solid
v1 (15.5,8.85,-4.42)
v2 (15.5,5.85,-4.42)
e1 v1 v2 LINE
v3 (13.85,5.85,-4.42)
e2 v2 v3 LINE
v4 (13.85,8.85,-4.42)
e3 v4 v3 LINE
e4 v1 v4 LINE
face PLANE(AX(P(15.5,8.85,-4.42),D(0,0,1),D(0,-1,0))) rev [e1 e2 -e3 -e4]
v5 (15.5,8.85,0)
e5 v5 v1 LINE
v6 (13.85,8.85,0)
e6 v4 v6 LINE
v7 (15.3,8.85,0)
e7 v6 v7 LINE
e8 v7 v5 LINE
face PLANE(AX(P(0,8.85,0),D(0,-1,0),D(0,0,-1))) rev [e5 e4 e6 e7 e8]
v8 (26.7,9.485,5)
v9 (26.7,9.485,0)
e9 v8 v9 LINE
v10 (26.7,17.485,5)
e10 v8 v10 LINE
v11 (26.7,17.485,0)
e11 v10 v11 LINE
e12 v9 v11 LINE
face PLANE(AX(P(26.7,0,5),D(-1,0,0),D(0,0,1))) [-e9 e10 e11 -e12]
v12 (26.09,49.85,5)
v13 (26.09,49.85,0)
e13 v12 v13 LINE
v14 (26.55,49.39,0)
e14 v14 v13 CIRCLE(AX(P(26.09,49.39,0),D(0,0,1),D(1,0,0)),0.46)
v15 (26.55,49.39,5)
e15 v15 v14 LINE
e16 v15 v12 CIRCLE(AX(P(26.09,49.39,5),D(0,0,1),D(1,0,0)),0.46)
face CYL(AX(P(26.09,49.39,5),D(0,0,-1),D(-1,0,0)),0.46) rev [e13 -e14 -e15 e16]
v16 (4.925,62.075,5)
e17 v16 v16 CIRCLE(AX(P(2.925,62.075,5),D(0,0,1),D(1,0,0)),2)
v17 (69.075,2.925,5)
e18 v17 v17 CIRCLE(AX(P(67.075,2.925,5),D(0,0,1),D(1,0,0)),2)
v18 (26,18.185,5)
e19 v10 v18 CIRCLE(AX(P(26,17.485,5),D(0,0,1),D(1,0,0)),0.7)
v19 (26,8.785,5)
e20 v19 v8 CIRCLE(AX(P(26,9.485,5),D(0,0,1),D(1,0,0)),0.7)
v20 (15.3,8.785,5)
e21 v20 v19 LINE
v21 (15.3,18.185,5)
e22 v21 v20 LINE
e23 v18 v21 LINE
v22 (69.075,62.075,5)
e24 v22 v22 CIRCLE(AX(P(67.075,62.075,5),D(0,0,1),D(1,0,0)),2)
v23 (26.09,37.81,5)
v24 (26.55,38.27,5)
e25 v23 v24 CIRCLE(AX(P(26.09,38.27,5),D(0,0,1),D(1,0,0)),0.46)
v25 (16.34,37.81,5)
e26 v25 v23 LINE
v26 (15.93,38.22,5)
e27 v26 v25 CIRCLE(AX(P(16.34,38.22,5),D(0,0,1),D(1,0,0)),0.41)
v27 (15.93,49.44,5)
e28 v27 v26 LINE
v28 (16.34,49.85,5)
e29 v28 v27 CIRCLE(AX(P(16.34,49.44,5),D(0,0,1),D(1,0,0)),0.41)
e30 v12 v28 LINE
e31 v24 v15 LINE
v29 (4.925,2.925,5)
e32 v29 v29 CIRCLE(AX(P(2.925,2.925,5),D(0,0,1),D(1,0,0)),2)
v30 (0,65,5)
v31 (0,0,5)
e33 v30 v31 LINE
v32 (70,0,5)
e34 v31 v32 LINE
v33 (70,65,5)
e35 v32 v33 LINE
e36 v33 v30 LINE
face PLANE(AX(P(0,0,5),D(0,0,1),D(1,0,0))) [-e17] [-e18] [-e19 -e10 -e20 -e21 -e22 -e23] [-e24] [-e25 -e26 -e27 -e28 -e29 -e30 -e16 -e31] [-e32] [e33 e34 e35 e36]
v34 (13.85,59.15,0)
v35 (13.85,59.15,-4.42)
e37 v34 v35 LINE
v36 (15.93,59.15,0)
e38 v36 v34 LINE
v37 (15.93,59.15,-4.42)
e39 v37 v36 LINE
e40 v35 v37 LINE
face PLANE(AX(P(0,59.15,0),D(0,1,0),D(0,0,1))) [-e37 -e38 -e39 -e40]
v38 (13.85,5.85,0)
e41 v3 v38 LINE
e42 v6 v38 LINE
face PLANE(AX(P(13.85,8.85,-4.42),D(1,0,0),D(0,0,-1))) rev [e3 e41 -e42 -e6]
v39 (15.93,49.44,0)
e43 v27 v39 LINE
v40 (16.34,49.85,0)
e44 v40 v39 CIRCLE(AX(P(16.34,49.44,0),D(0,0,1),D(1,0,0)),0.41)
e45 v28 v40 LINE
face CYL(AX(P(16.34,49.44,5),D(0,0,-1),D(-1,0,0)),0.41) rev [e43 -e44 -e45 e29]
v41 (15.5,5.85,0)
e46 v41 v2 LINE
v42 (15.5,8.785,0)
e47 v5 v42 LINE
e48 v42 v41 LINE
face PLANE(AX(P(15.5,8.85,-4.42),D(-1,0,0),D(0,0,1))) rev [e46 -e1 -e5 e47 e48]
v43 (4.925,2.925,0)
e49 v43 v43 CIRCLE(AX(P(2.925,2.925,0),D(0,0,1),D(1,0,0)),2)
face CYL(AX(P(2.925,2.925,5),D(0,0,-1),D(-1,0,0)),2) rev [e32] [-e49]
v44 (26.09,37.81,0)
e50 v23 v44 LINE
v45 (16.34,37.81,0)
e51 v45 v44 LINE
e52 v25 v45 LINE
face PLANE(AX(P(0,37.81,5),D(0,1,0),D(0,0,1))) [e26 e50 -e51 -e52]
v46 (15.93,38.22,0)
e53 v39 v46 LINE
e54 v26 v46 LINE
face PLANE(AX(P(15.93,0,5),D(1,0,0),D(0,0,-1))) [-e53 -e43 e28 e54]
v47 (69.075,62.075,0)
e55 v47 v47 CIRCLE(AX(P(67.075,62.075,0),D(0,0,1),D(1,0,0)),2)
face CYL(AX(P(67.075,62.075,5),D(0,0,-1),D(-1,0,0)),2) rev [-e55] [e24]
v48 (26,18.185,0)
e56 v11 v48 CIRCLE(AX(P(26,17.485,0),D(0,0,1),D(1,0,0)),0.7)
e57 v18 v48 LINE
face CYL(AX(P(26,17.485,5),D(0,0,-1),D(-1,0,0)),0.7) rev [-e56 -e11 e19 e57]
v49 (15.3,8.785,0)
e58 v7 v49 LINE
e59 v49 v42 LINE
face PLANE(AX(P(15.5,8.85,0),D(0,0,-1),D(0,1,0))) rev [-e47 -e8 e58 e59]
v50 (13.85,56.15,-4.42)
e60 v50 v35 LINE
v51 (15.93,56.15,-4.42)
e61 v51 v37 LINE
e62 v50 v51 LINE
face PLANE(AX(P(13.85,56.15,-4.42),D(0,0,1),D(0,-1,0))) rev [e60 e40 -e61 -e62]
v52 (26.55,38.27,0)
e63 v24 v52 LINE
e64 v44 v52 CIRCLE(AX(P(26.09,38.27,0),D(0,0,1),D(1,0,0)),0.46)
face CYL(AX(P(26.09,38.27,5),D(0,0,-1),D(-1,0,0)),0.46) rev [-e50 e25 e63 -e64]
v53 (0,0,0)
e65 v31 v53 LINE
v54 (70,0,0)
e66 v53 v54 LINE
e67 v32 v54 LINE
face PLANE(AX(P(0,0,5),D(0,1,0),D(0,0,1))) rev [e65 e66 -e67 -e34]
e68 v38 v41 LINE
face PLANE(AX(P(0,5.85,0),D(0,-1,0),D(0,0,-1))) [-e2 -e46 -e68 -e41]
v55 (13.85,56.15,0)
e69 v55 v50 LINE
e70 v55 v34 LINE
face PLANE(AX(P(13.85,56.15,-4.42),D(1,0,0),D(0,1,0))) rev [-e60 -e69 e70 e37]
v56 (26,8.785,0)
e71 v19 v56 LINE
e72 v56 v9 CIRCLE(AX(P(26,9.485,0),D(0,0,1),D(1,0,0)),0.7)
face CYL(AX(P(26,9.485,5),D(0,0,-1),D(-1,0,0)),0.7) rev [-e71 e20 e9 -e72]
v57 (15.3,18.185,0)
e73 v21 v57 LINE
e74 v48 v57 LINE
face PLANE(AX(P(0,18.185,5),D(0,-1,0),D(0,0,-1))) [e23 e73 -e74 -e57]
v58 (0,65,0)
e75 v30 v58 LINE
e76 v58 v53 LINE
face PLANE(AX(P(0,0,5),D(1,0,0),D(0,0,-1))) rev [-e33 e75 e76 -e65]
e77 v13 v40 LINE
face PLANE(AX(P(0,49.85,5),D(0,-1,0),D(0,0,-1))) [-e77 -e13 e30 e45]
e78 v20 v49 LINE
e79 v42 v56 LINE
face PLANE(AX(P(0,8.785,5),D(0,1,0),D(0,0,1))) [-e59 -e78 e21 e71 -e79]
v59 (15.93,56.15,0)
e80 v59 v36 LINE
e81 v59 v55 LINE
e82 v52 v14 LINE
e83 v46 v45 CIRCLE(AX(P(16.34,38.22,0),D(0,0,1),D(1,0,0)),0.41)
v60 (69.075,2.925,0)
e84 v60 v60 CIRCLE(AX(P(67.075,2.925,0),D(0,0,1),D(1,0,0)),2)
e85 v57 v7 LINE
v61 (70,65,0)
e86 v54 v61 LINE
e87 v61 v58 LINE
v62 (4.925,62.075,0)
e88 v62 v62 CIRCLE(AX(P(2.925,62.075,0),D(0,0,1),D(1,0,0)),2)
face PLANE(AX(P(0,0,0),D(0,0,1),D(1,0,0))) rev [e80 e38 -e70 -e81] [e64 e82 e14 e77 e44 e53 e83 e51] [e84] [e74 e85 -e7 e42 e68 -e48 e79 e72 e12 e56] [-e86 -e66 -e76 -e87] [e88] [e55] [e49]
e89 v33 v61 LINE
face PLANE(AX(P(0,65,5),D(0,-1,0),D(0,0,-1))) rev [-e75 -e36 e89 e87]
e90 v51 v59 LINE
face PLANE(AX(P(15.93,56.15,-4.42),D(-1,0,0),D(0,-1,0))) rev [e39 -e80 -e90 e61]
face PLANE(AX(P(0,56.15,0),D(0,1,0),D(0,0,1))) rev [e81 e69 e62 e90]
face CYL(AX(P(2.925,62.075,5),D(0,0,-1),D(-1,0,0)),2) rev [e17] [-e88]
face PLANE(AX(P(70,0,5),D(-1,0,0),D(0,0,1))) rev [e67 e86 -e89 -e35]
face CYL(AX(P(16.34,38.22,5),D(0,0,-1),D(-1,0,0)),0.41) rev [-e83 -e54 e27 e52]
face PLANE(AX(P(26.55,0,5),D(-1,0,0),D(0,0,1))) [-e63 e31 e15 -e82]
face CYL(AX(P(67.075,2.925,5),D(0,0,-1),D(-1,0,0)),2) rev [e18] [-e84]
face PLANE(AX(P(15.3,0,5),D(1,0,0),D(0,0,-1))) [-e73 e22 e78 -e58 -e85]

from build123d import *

# Parameters (mm, degrees)
SKIZZE1_R                       = 2
AUFSATZ_LINEAR_AUSTRAGEN1_DEPTH = 5
SKIZZE2_W                       = 1.65
SKIZZE2_H                       = 4.42
AUFSATZ_LINEAR_AUSTRAGEN2_DEPTH = 3
SKIZZE3_W                       = 2.08
SKIZZE3_H                       = 4.42
AUFSATZ_LINEAR_AUSTRAGEN3_DEPTH = 3


with BuildPart() as part:
    # Skizze1 → Aufsatz-Linear austragen1 (new body)
    # profile 1 of 2: a face of its own
    with BuildSketch(Plane.XY):
        Polygon((70, 5.85), (70, 59.15), (13.85, 59.15), (13.85, 58.15), (10.85, 58.15), (10.85, 59.15), (5.85, 59.15), (5.85, 5.85), (10.85, 5.85), (10.85, 6.85), (13.85, 6.85), (13.85, 5.85), align=None)
        with BuildLine():
            Line((26.7, 17.485), (26.7, 9.485))
            ThreePointArc((26.7, 9.485), (26.494974747, 8.990025253), (26, 8.785))
            Line((26, 8.785), (15.3, 8.785))
            Line((15.3, 8.785), (15.3, 18.185))
            Line((15.3, 18.185), (26, 18.185))
            ThreePointArc((26, 18.185), (26.494974747, 17.979974747), (26.7, 17.485))
        make_face(mode=Mode.SUBTRACT)
        with BuildLine():
            Line((16.34, 49.85), (25.99, 49.85))
            Line((25.99, 49.85), (26.09, 49.85))
            ThreePointArc((26.09, 49.85), (26.415269119, 49.715269119), (26.55, 49.39))
            Line((26.55, 49.39), (26.55, 38.27))
            ThreePointArc((26.55, 38.27), (26.415269119, 37.944730881), (26.09, 37.81))
            Line((26.09, 37.81), (25.99, 37.81))
            Line((25.99, 37.81), (16.34, 37.81))
            ThreePointArc((16.34, 37.81), (16.05008622, 37.93008622), (15.93, 38.22))
            Line((15.93, 38.22), (15.93, 49.44))
            ThreePointArc((15.93, 49.44), (16.05008622, 49.72991378), (16.34, 49.85))
        make_face(mode=Mode.SUBTRACT)
    # profile 2 of 2: a face of its own
    with BuildSketch(Plane.XY):
        Polygon((13.85, 59.15), (70, 59.15), (70, 65), (0, 65), (0, 0), (70, 0), (70, 5.85), (13.85, 5.85), (13.85, 6.85), (10.85, 6.85), (10.85, 5.85), (5.85, 5.85), (5.85, 59.15), (10.85, 59.15), (10.85, 58.15), (13.85, 58.15), align=None)
        with Locations((2.925, 2.925)):
            Circle(SKIZZE1_R, mode=Mode.SUBTRACT)
        with Locations((67.075, 2.925)):
            Circle(SKIZZE1_R, mode=Mode.SUBTRACT)
        with Locations((2.925, 62.075)):
            Circle(SKIZZE1_R, mode=Mode.SUBTRACT)
        with Locations((67.075, 62.075)):
            Circle(SKIZZE1_R, mode=Mode.SUBTRACT)
    extrude(amount=AUFSATZ_LINEAR_AUSTRAGEN1_DEPTH)

    # Skizze2 → Aufsatz-Linear austragen2 (add)
    with BuildSketch(Plane(origin=(0, 5.85, 0), x_dir=(1, 0, 0), z_dir=(0, 1, 0))):
        with Locations((14.675, 2.21)):
            Rectangle(SKIZZE2_W, SKIZZE2_H)
    extrude(amount=AUFSATZ_LINEAR_AUSTRAGEN2_DEPTH)

    # Skizze3 → Aufsatz-Linear austragen3 (add)
    with BuildSketch(Plane.XZ.offset(-59.15)):
        with Locations((14.89, -2.21)):
            Rectangle(SKIZZE3_W, SKIZZE3_H)
    extrude(amount=AUFSATZ_LINEAR_AUSTRAGEN3_DEPTH)


solid = part.part
